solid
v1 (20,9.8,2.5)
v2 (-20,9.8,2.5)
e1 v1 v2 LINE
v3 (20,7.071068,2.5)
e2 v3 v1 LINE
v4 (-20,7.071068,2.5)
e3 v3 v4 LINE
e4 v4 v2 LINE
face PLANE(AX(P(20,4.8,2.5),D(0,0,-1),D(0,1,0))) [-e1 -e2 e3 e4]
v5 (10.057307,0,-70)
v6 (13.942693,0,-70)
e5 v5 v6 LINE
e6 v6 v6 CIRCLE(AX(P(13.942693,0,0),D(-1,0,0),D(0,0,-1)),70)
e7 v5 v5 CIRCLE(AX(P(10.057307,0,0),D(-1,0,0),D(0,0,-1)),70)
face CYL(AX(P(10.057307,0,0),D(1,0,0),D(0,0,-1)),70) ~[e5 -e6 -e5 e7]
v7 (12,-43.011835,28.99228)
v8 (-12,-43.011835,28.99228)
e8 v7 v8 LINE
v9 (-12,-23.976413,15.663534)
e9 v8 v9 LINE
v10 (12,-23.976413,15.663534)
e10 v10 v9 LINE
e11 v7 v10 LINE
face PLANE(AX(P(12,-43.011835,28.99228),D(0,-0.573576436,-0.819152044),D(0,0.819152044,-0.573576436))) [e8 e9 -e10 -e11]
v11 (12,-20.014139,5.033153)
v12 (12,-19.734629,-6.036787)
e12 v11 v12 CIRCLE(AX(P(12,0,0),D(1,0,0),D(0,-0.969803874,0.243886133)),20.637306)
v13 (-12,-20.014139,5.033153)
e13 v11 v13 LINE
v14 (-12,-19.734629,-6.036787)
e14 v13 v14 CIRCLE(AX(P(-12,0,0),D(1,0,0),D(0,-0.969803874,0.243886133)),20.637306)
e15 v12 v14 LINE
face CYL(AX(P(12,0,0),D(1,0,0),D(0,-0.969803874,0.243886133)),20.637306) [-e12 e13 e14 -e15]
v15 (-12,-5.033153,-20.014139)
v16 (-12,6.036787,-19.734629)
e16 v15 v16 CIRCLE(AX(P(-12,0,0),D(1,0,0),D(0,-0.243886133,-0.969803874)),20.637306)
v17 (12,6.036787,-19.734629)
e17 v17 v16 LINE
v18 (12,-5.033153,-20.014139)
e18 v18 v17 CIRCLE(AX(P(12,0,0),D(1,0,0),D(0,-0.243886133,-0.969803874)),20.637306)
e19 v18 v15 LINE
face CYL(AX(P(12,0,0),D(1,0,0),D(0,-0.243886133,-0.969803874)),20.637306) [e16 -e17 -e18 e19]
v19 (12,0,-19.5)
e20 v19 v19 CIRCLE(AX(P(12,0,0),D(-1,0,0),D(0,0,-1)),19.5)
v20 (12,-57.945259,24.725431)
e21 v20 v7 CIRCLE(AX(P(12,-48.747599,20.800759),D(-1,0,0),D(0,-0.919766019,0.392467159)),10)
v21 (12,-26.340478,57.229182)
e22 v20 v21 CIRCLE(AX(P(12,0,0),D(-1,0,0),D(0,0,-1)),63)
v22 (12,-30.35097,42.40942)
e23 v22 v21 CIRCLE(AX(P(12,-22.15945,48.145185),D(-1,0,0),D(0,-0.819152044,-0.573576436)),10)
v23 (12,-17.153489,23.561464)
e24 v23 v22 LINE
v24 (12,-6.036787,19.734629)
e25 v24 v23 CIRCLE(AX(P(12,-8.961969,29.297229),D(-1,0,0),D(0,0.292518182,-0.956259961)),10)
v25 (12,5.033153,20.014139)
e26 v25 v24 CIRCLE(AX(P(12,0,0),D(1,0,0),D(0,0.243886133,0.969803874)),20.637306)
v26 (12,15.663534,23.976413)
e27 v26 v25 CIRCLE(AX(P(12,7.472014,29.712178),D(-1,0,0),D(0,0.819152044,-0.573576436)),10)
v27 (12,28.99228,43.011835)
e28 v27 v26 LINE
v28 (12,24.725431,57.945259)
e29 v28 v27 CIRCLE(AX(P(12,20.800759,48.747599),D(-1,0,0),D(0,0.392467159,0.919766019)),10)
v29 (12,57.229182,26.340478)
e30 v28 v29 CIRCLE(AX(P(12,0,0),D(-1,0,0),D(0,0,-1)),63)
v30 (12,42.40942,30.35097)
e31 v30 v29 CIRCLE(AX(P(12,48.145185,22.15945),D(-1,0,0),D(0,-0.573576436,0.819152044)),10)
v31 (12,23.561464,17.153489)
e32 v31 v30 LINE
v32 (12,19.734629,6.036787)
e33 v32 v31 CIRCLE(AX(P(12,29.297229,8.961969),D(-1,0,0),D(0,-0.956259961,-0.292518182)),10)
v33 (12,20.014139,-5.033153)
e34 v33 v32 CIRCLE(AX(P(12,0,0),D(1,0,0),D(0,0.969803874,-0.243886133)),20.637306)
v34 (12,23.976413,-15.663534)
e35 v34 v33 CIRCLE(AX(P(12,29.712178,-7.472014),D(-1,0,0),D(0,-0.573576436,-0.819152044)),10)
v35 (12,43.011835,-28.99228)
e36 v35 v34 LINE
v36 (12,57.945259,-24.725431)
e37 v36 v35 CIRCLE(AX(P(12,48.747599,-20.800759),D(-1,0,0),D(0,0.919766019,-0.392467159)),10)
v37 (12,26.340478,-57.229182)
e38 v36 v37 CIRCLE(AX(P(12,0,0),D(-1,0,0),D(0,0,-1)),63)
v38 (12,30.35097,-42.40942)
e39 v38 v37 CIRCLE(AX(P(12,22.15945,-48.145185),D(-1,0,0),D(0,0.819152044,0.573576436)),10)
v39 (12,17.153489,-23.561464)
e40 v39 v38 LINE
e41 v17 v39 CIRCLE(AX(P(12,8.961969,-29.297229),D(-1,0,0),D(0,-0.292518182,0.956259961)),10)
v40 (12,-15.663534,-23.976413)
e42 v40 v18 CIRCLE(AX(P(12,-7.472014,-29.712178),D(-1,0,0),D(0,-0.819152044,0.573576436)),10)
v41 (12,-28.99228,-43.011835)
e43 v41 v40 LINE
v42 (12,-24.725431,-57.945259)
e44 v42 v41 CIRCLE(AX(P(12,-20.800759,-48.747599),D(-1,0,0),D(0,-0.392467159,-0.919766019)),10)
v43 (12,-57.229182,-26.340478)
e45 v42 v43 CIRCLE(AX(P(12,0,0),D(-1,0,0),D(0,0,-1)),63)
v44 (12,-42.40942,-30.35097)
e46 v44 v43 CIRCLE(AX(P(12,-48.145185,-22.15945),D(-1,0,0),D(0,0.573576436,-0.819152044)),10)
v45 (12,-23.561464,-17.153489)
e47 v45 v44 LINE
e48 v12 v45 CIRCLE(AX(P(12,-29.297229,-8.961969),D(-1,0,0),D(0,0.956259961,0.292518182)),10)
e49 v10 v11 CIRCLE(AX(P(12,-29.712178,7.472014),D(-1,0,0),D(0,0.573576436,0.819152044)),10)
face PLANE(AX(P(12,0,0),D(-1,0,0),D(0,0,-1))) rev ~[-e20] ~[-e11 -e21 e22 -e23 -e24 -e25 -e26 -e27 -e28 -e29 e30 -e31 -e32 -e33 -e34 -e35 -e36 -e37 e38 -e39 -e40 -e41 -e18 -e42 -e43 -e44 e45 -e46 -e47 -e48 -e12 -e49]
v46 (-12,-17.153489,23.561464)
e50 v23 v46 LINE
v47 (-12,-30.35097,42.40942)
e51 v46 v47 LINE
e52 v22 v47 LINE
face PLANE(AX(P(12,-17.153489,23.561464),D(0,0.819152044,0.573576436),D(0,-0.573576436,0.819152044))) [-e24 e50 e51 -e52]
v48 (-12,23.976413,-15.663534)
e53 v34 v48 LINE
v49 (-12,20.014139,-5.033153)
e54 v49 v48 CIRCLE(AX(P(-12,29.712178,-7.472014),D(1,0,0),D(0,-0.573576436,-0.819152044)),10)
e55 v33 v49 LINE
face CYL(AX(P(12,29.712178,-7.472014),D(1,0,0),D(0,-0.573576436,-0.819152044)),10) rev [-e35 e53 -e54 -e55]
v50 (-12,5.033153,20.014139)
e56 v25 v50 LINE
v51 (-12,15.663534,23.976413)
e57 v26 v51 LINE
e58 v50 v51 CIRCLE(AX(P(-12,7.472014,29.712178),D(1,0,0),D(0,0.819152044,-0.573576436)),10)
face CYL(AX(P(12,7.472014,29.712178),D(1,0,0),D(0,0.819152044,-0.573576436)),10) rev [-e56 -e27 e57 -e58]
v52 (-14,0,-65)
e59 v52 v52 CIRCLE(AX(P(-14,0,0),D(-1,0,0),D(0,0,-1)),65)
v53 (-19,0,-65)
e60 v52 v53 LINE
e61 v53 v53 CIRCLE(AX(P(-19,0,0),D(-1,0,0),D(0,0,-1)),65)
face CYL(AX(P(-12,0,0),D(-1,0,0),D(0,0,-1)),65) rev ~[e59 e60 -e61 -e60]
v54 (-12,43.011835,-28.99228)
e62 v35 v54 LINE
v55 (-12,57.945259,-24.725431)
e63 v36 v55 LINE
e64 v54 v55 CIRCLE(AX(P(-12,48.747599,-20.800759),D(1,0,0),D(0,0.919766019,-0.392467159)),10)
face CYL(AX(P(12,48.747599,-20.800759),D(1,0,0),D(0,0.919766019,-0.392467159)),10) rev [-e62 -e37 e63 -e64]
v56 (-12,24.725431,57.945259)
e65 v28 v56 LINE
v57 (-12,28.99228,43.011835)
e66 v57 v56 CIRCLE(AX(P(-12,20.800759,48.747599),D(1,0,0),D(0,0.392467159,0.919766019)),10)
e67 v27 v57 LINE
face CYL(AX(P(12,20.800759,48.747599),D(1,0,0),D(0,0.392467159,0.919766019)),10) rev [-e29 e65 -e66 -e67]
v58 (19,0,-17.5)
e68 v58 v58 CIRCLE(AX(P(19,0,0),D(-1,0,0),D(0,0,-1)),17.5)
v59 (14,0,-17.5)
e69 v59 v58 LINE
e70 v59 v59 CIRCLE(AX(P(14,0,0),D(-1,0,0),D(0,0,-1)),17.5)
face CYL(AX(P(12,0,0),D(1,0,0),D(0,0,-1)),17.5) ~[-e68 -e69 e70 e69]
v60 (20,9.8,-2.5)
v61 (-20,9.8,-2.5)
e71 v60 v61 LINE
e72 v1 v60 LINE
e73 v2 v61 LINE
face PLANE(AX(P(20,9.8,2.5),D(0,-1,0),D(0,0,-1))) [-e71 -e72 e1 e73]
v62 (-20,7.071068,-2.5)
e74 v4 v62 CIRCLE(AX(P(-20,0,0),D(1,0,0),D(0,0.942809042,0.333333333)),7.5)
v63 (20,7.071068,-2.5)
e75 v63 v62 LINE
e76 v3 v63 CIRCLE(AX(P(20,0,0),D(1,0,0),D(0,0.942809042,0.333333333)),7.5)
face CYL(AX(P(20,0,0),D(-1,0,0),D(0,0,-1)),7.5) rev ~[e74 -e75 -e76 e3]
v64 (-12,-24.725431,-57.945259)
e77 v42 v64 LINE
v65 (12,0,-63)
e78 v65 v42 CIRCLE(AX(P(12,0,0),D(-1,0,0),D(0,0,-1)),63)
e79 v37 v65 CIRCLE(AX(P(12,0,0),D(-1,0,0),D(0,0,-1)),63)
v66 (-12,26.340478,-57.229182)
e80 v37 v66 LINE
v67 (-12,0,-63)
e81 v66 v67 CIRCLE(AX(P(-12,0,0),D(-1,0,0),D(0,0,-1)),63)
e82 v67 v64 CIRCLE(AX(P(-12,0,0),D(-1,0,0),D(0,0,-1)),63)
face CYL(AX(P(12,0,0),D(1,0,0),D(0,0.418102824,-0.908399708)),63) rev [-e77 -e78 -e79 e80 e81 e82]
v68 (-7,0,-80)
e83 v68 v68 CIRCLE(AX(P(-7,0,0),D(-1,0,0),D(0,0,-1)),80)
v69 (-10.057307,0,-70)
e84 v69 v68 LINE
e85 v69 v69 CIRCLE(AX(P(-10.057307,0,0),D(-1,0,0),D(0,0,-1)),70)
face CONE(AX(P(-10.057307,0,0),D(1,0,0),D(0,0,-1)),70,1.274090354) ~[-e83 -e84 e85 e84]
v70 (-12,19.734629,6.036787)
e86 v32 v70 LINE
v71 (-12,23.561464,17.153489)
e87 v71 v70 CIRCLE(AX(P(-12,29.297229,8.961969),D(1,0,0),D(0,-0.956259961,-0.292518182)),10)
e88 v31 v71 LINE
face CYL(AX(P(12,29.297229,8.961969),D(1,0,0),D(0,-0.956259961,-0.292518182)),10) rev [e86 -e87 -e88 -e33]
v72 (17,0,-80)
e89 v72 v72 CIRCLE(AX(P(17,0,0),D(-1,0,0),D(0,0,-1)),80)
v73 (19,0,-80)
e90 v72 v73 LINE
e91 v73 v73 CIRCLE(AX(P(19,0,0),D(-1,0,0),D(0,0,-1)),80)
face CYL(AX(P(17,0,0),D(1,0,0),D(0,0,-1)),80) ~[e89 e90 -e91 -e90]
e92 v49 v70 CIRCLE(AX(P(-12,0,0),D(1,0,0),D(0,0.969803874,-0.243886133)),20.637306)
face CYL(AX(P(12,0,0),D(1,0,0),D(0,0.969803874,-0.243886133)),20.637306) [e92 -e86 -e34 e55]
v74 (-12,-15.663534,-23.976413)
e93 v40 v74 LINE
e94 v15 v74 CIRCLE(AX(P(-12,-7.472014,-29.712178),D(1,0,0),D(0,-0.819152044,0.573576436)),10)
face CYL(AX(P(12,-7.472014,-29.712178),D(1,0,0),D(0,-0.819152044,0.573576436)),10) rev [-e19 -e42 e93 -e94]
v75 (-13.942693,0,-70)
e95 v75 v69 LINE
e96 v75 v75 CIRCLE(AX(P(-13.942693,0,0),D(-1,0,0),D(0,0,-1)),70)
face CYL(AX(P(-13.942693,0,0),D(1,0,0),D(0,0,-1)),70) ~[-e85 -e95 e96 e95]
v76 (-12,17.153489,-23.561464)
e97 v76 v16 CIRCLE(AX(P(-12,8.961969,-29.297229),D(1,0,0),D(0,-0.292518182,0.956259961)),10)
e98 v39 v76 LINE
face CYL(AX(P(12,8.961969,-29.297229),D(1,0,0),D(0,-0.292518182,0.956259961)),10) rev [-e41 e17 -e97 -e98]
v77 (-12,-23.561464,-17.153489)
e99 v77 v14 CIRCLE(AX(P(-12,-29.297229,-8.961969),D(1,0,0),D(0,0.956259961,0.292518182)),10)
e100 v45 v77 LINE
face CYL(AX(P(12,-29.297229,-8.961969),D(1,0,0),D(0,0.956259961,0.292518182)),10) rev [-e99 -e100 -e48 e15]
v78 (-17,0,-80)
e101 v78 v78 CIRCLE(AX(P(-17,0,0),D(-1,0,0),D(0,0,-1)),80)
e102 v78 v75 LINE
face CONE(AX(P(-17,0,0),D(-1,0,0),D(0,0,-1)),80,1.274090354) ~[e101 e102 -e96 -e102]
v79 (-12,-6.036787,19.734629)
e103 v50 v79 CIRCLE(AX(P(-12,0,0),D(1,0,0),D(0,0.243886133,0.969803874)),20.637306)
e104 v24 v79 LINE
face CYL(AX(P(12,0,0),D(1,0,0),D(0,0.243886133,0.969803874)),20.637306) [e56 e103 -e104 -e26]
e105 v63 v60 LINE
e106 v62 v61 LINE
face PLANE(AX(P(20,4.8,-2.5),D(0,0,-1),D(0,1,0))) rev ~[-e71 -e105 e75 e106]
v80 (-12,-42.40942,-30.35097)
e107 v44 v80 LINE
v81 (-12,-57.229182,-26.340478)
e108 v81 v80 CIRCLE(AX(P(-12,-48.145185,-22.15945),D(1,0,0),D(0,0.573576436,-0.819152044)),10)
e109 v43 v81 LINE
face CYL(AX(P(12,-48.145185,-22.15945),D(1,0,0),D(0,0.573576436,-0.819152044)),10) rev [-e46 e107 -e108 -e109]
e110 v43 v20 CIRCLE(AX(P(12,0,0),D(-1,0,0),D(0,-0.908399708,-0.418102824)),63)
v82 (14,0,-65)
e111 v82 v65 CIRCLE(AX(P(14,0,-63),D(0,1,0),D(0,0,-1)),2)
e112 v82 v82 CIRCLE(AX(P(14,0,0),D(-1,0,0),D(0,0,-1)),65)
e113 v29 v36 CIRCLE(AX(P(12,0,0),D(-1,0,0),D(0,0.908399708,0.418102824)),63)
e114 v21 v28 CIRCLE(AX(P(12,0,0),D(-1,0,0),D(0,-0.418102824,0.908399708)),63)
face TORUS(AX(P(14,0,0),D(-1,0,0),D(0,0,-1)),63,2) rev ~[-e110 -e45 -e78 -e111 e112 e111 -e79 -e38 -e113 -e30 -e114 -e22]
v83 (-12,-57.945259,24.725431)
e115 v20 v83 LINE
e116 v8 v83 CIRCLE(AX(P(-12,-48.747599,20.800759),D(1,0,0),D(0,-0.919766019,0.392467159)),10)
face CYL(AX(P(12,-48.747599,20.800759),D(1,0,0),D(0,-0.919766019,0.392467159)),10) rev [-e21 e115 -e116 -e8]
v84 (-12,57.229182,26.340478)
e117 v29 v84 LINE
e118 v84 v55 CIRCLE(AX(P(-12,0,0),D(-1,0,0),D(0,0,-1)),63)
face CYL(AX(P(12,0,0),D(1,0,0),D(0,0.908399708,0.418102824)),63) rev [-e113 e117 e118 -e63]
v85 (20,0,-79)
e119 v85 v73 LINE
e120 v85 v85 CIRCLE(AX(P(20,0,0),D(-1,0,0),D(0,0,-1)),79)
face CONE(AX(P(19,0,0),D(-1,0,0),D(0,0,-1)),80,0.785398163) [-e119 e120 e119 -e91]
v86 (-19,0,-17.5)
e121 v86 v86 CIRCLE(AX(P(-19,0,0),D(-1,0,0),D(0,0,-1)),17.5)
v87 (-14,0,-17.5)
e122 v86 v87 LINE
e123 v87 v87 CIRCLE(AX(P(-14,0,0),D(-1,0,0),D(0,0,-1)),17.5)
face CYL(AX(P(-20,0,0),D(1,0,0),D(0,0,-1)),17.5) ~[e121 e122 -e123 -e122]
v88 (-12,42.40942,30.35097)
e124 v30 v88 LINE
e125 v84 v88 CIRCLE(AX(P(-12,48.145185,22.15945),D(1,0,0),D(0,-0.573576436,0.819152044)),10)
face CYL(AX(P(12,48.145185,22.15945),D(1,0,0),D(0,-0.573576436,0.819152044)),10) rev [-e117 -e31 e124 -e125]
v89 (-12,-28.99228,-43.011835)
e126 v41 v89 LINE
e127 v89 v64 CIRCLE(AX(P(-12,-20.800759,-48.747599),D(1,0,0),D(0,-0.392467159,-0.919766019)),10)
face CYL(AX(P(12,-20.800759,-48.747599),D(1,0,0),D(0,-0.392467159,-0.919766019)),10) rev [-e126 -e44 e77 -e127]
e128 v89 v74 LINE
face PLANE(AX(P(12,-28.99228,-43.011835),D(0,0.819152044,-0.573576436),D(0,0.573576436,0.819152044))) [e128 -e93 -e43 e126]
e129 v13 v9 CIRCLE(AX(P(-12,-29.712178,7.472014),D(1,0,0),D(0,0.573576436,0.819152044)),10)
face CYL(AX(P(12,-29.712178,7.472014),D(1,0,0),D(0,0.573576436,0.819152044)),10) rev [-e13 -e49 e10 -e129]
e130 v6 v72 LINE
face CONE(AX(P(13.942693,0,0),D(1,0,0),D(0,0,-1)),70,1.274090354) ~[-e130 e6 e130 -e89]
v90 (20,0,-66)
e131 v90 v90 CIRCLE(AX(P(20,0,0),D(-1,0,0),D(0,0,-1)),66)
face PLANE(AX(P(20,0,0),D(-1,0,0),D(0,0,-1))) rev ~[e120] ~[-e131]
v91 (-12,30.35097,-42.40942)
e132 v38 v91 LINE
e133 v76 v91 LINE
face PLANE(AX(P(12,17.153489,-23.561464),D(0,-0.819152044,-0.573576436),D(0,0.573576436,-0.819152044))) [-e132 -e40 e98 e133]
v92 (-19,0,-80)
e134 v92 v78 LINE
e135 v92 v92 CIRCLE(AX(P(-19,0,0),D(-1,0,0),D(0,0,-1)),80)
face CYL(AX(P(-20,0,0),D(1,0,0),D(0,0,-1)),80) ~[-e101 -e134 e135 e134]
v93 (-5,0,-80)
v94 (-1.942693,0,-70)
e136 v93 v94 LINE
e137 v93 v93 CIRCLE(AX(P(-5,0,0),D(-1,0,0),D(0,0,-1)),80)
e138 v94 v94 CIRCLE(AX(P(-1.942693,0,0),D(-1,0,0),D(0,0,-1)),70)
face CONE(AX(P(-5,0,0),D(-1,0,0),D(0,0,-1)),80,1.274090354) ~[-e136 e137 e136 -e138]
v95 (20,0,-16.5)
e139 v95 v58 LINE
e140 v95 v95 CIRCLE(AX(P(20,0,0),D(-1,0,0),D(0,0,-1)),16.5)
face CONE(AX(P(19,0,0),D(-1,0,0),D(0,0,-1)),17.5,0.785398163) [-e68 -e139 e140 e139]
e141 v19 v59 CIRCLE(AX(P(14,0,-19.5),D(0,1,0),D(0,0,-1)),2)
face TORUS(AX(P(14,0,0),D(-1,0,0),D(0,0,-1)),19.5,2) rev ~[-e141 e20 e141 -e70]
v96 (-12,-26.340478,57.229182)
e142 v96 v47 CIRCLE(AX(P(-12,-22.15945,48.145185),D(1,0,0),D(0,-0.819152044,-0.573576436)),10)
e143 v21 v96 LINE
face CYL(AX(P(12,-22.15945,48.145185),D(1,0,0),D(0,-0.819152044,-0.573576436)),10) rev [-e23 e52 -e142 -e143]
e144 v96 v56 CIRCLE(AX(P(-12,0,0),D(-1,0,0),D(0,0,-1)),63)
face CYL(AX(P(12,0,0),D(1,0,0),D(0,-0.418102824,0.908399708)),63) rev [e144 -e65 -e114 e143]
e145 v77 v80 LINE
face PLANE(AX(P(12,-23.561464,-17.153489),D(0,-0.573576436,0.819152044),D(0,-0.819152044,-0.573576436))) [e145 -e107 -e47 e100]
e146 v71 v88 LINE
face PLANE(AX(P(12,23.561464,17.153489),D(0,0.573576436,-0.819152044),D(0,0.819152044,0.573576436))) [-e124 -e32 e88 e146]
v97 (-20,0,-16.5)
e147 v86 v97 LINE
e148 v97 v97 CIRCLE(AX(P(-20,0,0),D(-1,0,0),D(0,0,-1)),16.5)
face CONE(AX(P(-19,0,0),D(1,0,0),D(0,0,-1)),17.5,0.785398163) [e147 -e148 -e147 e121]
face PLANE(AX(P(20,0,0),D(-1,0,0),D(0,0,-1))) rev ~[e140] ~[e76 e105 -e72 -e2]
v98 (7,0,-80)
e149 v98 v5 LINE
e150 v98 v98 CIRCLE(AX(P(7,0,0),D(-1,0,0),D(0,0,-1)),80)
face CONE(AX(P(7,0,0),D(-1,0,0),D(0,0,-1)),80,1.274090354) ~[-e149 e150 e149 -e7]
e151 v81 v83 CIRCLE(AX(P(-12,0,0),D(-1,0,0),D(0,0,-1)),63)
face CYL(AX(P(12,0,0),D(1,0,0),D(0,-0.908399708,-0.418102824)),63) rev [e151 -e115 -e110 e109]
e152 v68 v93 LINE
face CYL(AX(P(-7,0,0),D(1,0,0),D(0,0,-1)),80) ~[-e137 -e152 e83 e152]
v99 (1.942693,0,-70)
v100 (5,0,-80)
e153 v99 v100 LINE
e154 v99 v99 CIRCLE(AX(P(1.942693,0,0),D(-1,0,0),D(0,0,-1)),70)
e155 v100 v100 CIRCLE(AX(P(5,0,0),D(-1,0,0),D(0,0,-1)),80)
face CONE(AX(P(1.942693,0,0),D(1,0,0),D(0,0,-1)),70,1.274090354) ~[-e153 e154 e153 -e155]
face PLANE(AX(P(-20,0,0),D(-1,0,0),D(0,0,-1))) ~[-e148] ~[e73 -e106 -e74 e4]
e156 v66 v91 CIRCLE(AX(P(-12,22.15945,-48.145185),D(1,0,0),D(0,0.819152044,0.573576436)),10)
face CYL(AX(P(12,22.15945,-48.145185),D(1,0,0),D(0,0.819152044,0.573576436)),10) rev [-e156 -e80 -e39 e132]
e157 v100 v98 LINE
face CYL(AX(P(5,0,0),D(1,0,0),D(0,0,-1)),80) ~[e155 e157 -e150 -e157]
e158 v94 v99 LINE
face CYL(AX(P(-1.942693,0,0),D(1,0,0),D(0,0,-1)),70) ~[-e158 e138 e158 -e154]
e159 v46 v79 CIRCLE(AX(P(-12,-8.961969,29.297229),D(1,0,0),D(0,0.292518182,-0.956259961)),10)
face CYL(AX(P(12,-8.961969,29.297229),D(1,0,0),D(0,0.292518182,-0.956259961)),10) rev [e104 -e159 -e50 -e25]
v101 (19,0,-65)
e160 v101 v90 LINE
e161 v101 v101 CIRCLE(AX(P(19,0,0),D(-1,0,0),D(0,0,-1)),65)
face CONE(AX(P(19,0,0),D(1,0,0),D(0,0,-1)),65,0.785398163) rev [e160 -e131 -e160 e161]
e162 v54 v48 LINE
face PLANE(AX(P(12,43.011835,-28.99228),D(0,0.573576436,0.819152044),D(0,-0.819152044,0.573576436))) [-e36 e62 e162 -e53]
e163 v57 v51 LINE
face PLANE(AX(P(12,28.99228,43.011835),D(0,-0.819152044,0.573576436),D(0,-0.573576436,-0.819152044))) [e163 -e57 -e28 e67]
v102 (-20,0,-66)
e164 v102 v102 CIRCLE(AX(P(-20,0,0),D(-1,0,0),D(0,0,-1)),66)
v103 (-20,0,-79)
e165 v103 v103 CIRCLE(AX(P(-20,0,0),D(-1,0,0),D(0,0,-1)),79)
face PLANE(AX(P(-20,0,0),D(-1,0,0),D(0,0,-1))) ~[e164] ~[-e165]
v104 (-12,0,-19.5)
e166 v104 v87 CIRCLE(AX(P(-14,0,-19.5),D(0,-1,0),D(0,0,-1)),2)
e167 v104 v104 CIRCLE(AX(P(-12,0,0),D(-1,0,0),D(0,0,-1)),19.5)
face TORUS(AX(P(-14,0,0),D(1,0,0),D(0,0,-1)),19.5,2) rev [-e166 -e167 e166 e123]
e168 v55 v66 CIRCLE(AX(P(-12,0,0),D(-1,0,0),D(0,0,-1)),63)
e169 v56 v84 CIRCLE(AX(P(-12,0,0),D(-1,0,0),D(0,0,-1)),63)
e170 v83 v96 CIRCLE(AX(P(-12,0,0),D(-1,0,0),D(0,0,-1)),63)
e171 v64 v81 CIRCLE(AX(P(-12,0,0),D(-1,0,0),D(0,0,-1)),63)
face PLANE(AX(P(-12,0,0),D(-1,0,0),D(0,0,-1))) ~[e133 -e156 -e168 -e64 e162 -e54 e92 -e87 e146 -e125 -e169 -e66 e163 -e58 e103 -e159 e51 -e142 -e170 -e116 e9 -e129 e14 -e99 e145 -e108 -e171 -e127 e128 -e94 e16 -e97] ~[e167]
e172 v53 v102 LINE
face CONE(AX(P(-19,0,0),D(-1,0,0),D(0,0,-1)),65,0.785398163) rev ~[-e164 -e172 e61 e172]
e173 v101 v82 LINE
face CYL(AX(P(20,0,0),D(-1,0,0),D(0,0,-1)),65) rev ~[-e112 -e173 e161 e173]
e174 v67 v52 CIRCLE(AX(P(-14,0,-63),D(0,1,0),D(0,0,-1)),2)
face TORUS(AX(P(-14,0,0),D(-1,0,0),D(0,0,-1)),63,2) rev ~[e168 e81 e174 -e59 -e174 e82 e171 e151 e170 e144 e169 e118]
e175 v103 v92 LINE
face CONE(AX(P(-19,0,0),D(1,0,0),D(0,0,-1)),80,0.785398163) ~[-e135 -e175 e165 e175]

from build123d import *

# Parameters (mm, degrees)
FILLET1_R          = 2
CHAMFER1_SIZE      = 1
CUT_EXTRUDE1_DEPTH = 40
CIRPATTERN1_COUNT  = 4
SKETCH5_W          = 5
SKETCH5_H          = 5
CUT_EXTRUDE2_DEPTH = 121


with BuildPart() as part:
    # Sketch1 → Revolve1 (revolve)
    with BuildSketch(Plane(origin=(0, 0, 0), x_dir=(1, 0, 0), z_dir=(0, 1, 0))):
        Polygon((-12, 17.5), (-12, 65), (-20, 65), (-20, 80), (-17, 80), (-13.942693185, 70), (-10.057306815, 70), (-7, 80), (-5, 80), (-1.942693185, 70), (1.942693185, 70), (5, 80), (7, 80), (10.057306815, 70), (13.942693185, 70), (17, 80), (20, 80), (20, 65), (12, 65), (12, 17.5), (20, 17.5), (20, 7.5), (-20, 7.5), (-20, 17.5), align=None)
    revolve(axis=Axis((0, 0, 0), (-1, 0, 0)))

    # Fillet1
    fillet1_edges = [part.edges().sort_by_distance(p)[0] for p in [
        (-12, 0, 65),
        (-12, 0, 17.5),
        (12, 0, 17.5),
        (12, 0, 65),
    ]]
    fillet(fillet1_edges, radius=FILLET1_R)

    # Chamfer1
    chamfer1_edges = [part.edges().sort_by_distance(p)[0] for p in [
        (-20, 0, 17.5),
        (20, 0, 17.5),
        (20, 0, 65),
        (20, 0, 80),
        (-20, 0, 80),
        (-20, 0, 65),
    ]]
    chamfer(chamfer1_edges, length=CHAMFER1_SIZE)

    # Sketch4 → Cut-Extrude1 (cut)
    with BuildSketch(Plane(origin=(12, 0, 0), x_dir=(0, 0, -1), z_dir=(1, 0, 0))):
        with BuildLine():
            Line((-17.153489429, 23.561464434), (-30.350970096, 42.409420142))
            ThreePointArc((-30.350970096, 42.409420142), (-31.81223798, 50.757401478), (-26.340477889, 57.229181582))
            ThreePointArc((-26.340477889, 57.229181582), (-0.883337908, 62.993806951), (24.725431038, 57.945259167))
            ThreePointArc((24.725431038, 57.945259167), (30.415972368, 51.494903196), (28.992279888, 43.011834619))
            Line((28.992279888, 43.011834619), (15.663534482, 23.976413435))
            ThreePointArc((15.663534482, 23.976413435), (10.964602801, 20.341915063), (5.033152704, 20.01413906))
            ThreePointArc((5.033152704, 20.01413906), (-0.520914556, 20.630730391), (-6.036787164, 19.734629188))
            ThreePointArc((-6.036787164, 19.734629188), (-12.216926377, 19.841793727), (-17.153489429, 23.561464434))
        make_face()
    cut_extrude1 = extrude(amount=-CUT_EXTRUDE1_DEPTH, mode=Mode.SUBTRACT)

    # CirPattern1: Cut-Extrude1 ×4 about axis
    cirpattern1_axis = Axis((0, 0, 0), (1, 0, 0))
    for i in range(1, CIRPATTERN1_COUNT):
        add(cut_extrude1.rotate(cirpattern1_axis, i * 360 / CIRPATTERN1_COUNT), mode=Mode.SUBTRACT)

    # Sketch5 → Cut-Extrude2 (cut, through all)
    with BuildSketch(Plane(origin=(20, 0, 0), x_dir=(0, 0, -1), z_dir=(1, 0, 0))):
        with Locations((0, 7.3)):
            Rectangle(SKETCH5_W, SKETCH5_H)
    extrude(amount=-CUT_EXTRUDE2_DEPTH, mode=Mode.SUBTRACT)


solid = part.part
